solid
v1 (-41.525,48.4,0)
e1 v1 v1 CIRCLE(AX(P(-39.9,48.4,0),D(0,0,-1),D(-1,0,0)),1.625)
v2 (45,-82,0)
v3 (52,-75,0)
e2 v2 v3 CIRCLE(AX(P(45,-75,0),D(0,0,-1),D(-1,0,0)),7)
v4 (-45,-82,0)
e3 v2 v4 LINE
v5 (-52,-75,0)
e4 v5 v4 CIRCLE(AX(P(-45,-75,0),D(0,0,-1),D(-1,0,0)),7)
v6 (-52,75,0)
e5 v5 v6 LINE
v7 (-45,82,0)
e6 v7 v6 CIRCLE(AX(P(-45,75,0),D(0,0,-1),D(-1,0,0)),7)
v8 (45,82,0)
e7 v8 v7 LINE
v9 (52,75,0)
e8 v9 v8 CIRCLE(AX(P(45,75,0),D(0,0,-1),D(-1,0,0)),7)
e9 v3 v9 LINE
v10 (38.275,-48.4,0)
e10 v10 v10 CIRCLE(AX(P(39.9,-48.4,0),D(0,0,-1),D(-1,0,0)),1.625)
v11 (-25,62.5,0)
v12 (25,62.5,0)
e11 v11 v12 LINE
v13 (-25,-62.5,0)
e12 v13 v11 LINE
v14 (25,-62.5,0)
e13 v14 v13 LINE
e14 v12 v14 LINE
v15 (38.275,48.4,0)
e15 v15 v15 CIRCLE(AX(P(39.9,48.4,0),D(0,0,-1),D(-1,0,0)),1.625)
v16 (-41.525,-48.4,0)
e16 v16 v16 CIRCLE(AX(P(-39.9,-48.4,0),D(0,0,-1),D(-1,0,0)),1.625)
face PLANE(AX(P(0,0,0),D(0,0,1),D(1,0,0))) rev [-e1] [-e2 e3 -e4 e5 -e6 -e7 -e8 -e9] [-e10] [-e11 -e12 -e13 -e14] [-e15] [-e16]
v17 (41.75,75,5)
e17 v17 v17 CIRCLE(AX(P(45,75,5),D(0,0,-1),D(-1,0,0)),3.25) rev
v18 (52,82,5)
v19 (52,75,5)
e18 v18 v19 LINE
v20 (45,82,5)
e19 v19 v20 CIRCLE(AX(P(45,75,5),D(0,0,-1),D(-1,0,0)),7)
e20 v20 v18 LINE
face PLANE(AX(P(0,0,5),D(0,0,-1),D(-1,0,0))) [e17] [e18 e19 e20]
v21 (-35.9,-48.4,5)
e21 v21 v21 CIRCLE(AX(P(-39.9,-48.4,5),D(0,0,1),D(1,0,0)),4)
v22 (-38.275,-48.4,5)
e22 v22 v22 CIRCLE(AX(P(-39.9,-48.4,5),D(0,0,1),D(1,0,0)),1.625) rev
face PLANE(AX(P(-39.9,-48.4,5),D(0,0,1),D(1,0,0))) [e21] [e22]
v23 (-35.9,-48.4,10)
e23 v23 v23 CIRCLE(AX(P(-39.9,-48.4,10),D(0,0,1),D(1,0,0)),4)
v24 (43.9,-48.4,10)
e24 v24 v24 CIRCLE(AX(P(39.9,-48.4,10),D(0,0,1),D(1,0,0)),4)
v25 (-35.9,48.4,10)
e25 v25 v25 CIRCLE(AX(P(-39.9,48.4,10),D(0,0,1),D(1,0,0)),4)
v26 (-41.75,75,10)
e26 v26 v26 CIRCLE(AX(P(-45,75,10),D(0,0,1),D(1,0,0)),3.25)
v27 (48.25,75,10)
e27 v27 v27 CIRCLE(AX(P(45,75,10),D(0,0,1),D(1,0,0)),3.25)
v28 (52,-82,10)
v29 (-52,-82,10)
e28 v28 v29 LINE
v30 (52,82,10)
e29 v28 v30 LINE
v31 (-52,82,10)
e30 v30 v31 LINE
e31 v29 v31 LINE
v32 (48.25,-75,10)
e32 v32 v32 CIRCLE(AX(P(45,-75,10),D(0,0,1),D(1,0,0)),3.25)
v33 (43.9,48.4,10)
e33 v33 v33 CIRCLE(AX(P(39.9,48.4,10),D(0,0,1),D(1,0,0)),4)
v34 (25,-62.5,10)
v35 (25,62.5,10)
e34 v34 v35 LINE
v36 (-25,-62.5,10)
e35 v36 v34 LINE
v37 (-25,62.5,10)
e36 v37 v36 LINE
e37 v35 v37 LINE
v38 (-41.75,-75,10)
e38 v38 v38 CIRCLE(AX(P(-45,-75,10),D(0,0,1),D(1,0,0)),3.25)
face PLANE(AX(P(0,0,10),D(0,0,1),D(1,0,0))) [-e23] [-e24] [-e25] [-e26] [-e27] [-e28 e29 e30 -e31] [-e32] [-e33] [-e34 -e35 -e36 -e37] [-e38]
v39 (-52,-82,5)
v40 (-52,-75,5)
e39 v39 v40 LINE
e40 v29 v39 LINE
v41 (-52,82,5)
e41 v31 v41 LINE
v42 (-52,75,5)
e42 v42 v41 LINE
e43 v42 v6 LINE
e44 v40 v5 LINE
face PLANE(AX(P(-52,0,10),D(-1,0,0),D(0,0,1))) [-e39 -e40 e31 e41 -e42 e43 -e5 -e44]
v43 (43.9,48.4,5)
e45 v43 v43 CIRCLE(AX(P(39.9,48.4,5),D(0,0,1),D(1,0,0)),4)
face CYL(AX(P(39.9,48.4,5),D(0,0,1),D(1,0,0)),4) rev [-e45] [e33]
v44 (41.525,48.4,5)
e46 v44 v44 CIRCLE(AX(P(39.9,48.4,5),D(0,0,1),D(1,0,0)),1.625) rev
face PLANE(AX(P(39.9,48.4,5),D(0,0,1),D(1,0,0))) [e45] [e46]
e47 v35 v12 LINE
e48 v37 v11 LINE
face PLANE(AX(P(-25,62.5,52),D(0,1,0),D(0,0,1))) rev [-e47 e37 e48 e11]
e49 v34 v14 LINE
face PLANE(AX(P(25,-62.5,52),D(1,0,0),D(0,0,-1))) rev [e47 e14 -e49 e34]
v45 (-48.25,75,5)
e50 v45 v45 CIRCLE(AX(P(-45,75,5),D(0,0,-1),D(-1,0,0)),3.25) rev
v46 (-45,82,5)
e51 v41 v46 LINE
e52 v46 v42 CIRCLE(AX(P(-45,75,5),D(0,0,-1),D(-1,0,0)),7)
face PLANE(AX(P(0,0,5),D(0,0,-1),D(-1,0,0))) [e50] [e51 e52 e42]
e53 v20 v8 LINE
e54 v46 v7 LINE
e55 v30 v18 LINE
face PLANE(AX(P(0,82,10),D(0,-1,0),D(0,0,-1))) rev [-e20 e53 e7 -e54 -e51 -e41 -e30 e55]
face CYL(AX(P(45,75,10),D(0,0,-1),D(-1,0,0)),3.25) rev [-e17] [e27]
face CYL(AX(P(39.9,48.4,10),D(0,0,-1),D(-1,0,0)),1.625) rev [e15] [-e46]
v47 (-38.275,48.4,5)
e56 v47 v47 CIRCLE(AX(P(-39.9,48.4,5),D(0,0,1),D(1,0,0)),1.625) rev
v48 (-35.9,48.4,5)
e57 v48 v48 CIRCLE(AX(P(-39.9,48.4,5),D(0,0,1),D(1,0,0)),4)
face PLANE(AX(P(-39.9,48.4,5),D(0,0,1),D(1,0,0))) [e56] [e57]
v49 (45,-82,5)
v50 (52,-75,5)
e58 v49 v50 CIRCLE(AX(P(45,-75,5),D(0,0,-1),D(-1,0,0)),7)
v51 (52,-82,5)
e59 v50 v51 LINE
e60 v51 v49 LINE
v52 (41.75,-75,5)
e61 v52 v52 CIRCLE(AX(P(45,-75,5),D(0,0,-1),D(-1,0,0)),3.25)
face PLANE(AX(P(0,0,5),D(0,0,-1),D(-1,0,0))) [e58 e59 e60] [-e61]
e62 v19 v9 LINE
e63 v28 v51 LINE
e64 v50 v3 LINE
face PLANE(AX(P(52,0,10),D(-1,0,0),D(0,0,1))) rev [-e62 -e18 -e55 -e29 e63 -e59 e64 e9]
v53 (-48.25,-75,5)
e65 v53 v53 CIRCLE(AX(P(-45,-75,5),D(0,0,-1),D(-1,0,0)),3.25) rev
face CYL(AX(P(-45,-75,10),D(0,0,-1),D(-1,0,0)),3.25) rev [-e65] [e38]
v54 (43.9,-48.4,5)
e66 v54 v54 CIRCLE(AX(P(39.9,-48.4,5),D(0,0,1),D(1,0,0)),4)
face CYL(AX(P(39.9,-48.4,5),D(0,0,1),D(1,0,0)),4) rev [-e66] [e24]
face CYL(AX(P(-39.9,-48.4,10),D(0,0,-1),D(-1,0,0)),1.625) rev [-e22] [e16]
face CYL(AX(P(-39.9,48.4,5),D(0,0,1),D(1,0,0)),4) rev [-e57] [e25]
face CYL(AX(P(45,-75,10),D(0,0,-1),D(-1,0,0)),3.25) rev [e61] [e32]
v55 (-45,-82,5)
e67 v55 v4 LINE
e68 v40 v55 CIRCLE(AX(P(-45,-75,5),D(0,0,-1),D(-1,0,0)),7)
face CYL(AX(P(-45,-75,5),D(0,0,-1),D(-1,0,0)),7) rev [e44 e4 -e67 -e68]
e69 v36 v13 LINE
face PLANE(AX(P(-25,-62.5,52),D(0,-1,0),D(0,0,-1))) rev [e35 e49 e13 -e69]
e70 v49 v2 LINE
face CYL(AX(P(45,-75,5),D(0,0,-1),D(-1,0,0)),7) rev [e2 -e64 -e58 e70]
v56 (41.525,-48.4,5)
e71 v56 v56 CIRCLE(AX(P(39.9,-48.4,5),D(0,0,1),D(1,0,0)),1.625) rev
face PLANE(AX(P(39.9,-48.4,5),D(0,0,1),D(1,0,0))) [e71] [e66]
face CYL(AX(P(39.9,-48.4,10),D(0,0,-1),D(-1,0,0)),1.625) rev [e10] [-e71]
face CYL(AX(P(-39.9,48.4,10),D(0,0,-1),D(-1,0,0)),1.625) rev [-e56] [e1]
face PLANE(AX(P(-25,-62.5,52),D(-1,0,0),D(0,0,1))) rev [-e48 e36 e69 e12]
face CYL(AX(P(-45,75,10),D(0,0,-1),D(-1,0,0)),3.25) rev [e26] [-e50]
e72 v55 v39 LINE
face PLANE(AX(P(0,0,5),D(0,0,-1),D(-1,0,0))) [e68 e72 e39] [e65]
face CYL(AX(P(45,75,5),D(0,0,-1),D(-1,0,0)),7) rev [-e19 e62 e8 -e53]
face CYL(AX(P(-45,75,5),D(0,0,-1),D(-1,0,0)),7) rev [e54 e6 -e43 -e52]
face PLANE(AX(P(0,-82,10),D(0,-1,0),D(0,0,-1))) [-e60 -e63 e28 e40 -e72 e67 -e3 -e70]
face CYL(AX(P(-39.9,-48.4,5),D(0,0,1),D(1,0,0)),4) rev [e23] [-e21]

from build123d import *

# Parameters (mm, degrees)
SKETCH1_W           = 104
SKETCH1_H           = 164
SKETCH1_R           = 3.25
BOSS_EXTRUDE1_DEPTH = 10
SKETCH2_R           = 1.625
CUT_EXTRUDE1_DEPTH  = 10
SKETCH3_R           = 4
CUT_EXTRUDE2_DEPTH  = 5
SKETCH5_R           = 7
SKETCH5_R_2         = 3.25
CUT_EXTRUDE3_DEPTH  = 5
SKETCH6_W           = 50
SKETCH6_H           = 125
CUT_EXTRUDE4_DEPTH  = 52


with BuildPart() as part:
    # Sketch1 → Boss-Extrude1 (new body)
    with BuildSketch(Plane.XY):
        Rectangle(SKETCH1_W, SKETCH1_H)
        with Locations((-45, 75)):
            Circle(SKETCH1_R, mode=Mode.SUBTRACT)
        with Locations((45, 75)):
            Circle(SKETCH1_R, mode=Mode.SUBTRACT)
        with Locations((-45, -75)):
            Circle(SKETCH1_R, mode=Mode.SUBTRACT)
        with Locations((45, -75)):
            Circle(SKETCH1_R, mode=Mode.SUBTRACT)
    extrude(amount=BOSS_EXTRUDE1_DEPTH)

    # Sketch2 → Cut-Extrude1 (cut)
    with BuildSketch(Plane(origin=(0, 0, 0), x_dir=(-1, 0, 0), z_dir=(0, 0, -1))):
        with Locations((-39.9, 48.4)):
            Circle(SKETCH2_R)
        with Locations((39.9, 48.4)):
            Circle(SKETCH2_R)
        with Locations((-39.9, -48.4)):
            Circle(SKETCH2_R)
        with Locations((39.9, -48.4)):
            Circle(SKETCH2_R)
    extrude(amount=-CUT_EXTRUDE1_DEPTH, mode=Mode.SUBTRACT)

    # Sketch3 → Cut-Extrude2 (cut)
    with BuildSketch(Plane.XY.offset(10)):
        with Locations((-39.9, 48.4)):
            Circle(SKETCH3_R)
        with Locations((39.9, 48.4)):
            Circle(SKETCH3_R)
        with Locations((-39.9, -48.4)):
            Circle(SKETCH3_R)
        with Locations((39.9, -48.4)):
            Circle(SKETCH3_R)
    extrude(amount=-CUT_EXTRUDE2_DEPTH, mode=Mode.SUBTRACT)

    # Sketch5 → Cut-Extrude3 (cut)
    # profile 1 of 8: a face of its own
    with BuildSketch(Plane(origin=(0, 0, 0), x_dir=(-1, 0, 0), z_dir=(0, 0, -1))):
        with Locations((-45, 75)):
            Circle(SKETCH5_R)
        with Locations((-45, 75)):
            Circle(SKETCH5_R_2, mode=Mode.SUBTRACT)
    # profile 2 of 8: a face of its own
    with BuildSketch(Plane(origin=(0, 0, 0), x_dir=(-1, 0, 0), z_dir=(0, 0, -1))):
        with BuildLine():
            Line((-44.999999978, 82), (-52, 82))
            Line((-52, 82), (-52, 75))
            ThreePointArc((-52, 75), (-49.94974746, 79.949747476), (-44.999999978, 82))
        make_face()
    # profile 3 of 8: a face of its own
    with BuildSketch(Plane(origin=(0, 0, 0), x_dir=(-1, 0, 0), z_dir=(0, 0, -1))):
        with Locations((45, 75)):
            Circle(SKETCH5_R)
        with Locations((45, 75)):
            Circle(SKETCH5_R_2, mode=Mode.SUBTRACT)
    # profile 4 of 8: a face of its own
    with BuildSketch(Plane(origin=(0, 0, 0), x_dir=(-1, 0, 0), z_dir=(0, 0, -1))):
        with BuildLine():
            Line((52, 82), (45, 82))
            ThreePointArc((45, 82), (49.949747468, 79.949747468), (52, 75))
            Line((52, 75), (52, 82))
        make_face()
    # profile 5 of 8: a face of its own
    with BuildSketch(Plane(origin=(0, 0, 0), x_dir=(-1, 0, 0), z_dir=(0, 0, -1))):
        with Locations((-45, -75)):
            Circle(SKETCH5_R)
        with Locations((-45, -75)):
            Circle(SKETCH5_R_2, mode=Mode.SUBTRACT)
    # profile 6 of 8: a face of its own
    with BuildSketch(Plane(origin=(0, 0, 0), x_dir=(-1, 0, 0), z_dir=(0, 0, -1))):
        with Locations((45, -75)):
            Circle(SKETCH5_R)
        with Locations((45, -75)):
            Circle(SKETCH5_R_2, mode=Mode.SUBTRACT)
    # profile 7 of 8: a face of its own
    with BuildSketch(Plane(origin=(0, 0, 0), x_dir=(-1, 0, 0), z_dir=(0, 0, -1))):
        with BuildLine():
            Line((52, -82), (52, -75))
            ThreePointArc((52, -75), (49.949747468, -79.949747468), (45, -82))
            Line((45, -82), (52, -82))
        make_face()
    # profile 8 of 8: a face of its own
    with BuildSketch(Plane(origin=(0, 0, 0), x_dir=(-1, 0, 0), z_dir=(0, 0, -1))):
        with BuildLine():
            ThreePointArc((-45, -82), (-49.949747468, -79.949747468), (-52, -75))
            Line((-52, -75), (-52, -82))
            Line((-52, -82), (-45, -82))
        make_face()
    extrude(amount=-CUT_EXTRUDE3_DEPTH, mode=Mode.SUBTRACT)

    # Sketch6 → Cut-Extrude4 (cut)
    with BuildSketch(Plane(origin=(0, 0, 0), x_dir=(-1, 0, 0), z_dir=(0, 0, -1))):
        Rectangle(SKETCH6_W, SKETCH6_H)
    extrude(amount=-CUT_EXTRUDE4_DEPTH, mode=Mode.SUBTRACT)


solid = part.part
